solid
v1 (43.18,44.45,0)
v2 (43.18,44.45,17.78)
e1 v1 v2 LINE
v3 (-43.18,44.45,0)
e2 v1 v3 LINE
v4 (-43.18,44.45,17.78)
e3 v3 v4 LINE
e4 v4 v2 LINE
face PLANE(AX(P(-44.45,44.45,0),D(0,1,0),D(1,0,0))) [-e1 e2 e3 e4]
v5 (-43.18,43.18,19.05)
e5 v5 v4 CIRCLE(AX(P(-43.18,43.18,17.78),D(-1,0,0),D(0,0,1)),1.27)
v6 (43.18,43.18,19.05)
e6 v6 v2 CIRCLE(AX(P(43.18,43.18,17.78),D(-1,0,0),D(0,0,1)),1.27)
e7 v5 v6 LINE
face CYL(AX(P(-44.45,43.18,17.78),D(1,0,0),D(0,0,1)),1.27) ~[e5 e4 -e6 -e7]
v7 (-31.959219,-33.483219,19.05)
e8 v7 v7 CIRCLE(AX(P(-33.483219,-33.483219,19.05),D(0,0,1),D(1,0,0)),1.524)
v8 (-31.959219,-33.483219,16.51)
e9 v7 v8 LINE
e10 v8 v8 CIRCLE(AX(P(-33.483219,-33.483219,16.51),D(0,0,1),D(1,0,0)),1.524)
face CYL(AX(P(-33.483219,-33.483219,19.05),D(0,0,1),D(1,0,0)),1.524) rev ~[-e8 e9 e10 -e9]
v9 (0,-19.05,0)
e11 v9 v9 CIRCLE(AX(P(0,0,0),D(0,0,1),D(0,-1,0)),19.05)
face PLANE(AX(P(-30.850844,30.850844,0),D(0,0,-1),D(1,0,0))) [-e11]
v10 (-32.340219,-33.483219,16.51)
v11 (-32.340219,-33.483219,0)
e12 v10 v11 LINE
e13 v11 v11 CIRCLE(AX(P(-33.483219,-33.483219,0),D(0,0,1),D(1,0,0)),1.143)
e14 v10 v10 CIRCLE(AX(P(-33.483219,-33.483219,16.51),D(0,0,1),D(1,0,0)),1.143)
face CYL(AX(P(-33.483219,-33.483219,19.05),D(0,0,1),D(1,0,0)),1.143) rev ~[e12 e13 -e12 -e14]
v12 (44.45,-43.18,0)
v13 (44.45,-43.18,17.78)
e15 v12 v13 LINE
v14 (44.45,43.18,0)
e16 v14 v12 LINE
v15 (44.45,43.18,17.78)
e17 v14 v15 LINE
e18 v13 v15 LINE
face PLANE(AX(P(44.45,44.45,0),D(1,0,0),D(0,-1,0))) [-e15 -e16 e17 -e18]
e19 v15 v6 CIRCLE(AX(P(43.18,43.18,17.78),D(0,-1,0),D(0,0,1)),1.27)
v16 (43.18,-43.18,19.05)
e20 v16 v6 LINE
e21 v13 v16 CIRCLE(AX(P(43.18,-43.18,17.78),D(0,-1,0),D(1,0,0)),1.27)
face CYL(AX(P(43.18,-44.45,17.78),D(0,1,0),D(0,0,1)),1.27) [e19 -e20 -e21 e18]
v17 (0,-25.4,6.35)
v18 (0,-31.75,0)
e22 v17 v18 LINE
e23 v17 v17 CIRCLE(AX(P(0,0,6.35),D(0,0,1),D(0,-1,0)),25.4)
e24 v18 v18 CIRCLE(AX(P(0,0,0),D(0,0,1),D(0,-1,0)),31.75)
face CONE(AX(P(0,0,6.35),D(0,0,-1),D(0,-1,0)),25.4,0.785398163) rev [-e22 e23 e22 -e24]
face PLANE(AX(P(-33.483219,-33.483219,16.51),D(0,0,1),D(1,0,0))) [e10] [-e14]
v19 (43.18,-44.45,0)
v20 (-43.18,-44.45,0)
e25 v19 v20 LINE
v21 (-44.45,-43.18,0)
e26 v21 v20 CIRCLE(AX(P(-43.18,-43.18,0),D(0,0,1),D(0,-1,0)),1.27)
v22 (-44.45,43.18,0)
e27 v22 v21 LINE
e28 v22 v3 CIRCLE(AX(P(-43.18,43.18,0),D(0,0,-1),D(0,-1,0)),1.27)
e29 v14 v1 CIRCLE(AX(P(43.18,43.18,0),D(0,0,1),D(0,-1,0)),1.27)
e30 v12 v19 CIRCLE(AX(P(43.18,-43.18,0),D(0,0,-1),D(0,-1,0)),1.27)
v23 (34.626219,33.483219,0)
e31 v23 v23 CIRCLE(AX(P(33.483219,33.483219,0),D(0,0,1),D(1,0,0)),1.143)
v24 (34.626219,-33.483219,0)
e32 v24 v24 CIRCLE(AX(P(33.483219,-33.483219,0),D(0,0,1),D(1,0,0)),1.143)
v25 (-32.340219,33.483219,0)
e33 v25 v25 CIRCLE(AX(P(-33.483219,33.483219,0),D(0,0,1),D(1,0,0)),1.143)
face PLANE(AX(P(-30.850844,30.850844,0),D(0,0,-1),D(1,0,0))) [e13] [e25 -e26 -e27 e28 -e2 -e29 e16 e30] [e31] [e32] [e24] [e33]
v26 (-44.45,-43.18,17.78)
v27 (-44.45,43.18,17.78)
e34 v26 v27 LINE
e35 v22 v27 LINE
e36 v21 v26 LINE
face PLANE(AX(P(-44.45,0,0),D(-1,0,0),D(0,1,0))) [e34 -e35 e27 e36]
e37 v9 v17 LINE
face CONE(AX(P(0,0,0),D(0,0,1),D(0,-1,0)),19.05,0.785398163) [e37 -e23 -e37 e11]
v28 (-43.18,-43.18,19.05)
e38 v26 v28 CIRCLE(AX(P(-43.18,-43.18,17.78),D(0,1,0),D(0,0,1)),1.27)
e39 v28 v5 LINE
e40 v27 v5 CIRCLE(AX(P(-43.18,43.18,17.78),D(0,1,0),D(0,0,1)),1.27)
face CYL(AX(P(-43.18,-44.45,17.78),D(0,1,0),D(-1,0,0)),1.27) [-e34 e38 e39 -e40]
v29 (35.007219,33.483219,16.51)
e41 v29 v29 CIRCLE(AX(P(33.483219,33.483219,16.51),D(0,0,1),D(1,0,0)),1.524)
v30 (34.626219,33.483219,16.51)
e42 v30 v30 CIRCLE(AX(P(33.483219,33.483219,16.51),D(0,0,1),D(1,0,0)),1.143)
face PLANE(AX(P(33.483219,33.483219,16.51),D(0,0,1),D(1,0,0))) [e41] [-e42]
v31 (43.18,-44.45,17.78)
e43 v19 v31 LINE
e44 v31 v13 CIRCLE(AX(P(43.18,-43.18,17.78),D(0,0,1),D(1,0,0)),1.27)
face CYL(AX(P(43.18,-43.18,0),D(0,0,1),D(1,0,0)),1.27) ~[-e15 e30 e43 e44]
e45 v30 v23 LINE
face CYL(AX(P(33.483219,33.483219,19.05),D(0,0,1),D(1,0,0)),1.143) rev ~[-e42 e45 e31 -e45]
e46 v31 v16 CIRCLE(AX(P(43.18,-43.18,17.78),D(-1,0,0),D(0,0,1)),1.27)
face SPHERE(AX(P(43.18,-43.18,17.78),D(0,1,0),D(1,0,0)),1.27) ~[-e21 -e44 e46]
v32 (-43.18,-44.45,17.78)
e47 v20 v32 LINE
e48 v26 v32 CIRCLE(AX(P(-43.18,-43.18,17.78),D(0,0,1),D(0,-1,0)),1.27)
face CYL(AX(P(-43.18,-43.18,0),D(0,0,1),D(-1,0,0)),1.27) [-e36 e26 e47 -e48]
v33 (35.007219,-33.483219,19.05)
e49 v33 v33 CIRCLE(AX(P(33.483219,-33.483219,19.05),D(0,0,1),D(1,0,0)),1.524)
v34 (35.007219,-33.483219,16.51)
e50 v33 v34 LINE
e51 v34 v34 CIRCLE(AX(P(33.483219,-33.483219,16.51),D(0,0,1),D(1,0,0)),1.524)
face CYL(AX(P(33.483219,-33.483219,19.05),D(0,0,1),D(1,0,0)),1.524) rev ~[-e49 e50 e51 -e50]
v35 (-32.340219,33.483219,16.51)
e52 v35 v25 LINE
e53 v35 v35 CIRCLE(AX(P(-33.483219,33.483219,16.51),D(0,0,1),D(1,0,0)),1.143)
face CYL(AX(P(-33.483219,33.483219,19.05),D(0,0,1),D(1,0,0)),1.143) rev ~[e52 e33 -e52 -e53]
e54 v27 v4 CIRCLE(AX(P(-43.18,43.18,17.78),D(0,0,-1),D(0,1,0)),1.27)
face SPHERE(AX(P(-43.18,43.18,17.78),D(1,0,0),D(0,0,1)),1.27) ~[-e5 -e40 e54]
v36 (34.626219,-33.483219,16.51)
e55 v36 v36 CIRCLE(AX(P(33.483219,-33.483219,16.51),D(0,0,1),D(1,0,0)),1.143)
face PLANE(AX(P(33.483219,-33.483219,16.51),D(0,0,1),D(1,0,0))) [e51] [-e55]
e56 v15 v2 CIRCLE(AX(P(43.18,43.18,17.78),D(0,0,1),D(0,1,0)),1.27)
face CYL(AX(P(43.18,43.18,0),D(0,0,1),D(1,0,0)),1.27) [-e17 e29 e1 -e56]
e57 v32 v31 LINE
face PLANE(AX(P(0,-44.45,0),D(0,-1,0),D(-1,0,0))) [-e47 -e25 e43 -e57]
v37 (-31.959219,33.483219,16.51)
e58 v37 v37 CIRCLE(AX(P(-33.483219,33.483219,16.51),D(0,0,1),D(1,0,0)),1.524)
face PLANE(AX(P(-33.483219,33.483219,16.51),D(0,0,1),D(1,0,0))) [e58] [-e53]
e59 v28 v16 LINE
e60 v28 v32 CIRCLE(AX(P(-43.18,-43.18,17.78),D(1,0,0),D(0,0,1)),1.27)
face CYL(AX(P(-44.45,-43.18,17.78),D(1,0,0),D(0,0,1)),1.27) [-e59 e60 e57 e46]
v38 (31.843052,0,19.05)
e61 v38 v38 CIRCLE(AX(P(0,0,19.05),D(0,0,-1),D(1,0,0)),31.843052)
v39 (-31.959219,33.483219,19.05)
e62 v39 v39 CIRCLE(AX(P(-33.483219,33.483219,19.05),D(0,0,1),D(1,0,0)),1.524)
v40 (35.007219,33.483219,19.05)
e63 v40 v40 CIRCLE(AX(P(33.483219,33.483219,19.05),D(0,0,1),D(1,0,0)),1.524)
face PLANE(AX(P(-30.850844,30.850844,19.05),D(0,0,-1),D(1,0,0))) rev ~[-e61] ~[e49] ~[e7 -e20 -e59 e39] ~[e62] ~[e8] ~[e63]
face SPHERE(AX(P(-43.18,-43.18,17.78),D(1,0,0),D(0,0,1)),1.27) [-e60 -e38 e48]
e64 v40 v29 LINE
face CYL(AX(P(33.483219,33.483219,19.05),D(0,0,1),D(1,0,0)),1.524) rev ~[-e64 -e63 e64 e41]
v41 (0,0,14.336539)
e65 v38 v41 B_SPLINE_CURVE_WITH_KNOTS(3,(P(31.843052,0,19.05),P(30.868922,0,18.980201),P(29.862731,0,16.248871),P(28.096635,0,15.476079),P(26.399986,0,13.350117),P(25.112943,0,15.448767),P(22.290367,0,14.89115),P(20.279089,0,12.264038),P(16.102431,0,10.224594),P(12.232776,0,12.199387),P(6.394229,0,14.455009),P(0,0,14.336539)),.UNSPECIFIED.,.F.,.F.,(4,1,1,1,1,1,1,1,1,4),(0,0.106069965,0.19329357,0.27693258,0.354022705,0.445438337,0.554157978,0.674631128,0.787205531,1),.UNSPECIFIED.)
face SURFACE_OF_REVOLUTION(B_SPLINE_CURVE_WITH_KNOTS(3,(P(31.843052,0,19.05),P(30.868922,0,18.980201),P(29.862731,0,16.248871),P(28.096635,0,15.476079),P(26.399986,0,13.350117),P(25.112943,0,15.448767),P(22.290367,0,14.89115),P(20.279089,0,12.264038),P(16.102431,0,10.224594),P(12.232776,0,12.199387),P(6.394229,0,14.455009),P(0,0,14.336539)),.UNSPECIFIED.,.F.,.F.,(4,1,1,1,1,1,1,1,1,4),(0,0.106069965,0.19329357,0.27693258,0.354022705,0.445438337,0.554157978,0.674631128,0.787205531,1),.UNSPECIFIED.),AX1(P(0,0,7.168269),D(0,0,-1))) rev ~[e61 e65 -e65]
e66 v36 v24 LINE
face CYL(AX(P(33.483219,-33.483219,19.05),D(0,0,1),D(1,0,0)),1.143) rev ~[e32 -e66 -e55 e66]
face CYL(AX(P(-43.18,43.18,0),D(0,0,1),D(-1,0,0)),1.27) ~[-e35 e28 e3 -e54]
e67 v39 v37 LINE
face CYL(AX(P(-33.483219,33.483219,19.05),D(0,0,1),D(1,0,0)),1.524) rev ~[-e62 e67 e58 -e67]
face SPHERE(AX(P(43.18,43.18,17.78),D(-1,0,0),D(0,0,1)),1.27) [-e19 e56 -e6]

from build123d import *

# Parameters (mm, degrees)
F3_DEPTH = 19.05
F4_R     = 1.27
F5_R     = 1.143
F6_DEPTH = 19.051
F5_R_2   = 1.524
F7_DEPTH = 2.54


with BuildPart() as f1:
    # F0 (on Front) → F1 (revolve)
    with BuildSketch(Plane.XZ):
        with BuildLine():
            Line((44.45, 0), (44.45, 19.05))
            Line((44.45, 19.05), (32.5831812388, 19.05))
            Line((32.5831812388, 19.05), (31.8430524831, 19.05))
            add(Edge.make_bspline(
                [(31.8430524831, 19.05), (30.8689221212, 18.9802011565), (29.8627306323, 16.2488706166), (28.0966354441, 15.4760789224), (26.3999857389, 13.3501170166), (25.1129431354, 15.4487673344), (22.290366868, 14.8911495391), (20.2790890798, 12.2640383952), (16.1024312734, 10.2245936819), (12.2327761722, 12.1993870362), (6.3942289854, 14.4550088103), (0, 14.3365386442)],
                knots=[0, 0, 0, 0, 0.1060699652, 0.1932935704, 0.2769325799, 0.3540227049, 0.4454383371, 0.554157978, 0.6746311283, 0.787205531, 1, 1, 1, 1], degree=3))
            Line((0, 14.3365386442), (0, 0))
            Line((0, 0), (44.45, 0))
        make_face()
    revolve(axis=Axis((0, 0, 7.1682693221), (0, 0, -1)))

    # F2 (on face) → F3 (join, through all)
    with BuildSketch(Plane(origin=(0, 0, 0), x_dir=(1, 0, 0), z_dir=(0, 0, -1))):
        with BuildLine():
            ThreePointArc((0, -44.45), (-31.4308964559, -31.4308963916), (-44.45, 9.1e-08))
            Line((-44.45, 9.1e-08), (-44.45, -44.45))
            Line((-44.45, -44.45), (0, -44.45))
        make_face()
        with BuildLine():
            Line((44.45, -44.45), (44.45, 0))
            ThreePointArc((44.45, 0), (31.4308964237, -31.4308964237), (0, -44.45))
            Line((0, -44.45), (44.45, -44.45))
        make_face()
        with BuildLine():
            Line((44.45, 44.45), (0, 44.45))
            ThreePointArc((0, 44.45), (31.4308964237, 31.4308964237), (44.45, 0))
            Line((44.45, 0), (44.45, 44.45))
        make_face()
        with BuildLine():
            ThreePointArc((-44.45, 9.1e-08), (-31.4308963916, 31.4308964559), (0, 44.45))
            Line((0, 44.45), (-44.45, 44.45))
            Line((-44.45, 44.45), (-44.45, 9.1e-08))
        make_face()
    extrude(amount=-F3_DEPTH)

    # F4
    f4_edges = [f1.edges().sort_by_distance(p)[0] for p in [
        (0, 44.45, 19.05),
        (44.45, 0, 19.05),
        (44.45, 44.45, 9.525),
        (44.45, -44.45, 9.525),
        (0, -44.45, 19.05),
        (-44.45, 0, 19.05),
        (-44.45, 44.45, 9.525),
        (-44.45, -44.45, 9.525),
    ]]
    fillet(f4_edges, radius=F4_R)

    # F5 (on face) → F6 (cut, through all)
    with BuildSketch(Plane.XY.offset(19.05)):
        with Locations((-33.4832191722, 33.4832191722)):
            Circle(F5_R)
        with Locations((-33.4832191722, -33.4832191722)):
            Circle(F5_R)
        with Locations((33.4832191722, -33.4832191722)):
            Circle(F5_R)
        with Locations((33.4832191722, 33.4832191722)):
            Circle(F5_R)
    extrude(amount=-F6_DEPTH, mode=Mode.SUBTRACT)

    # F5 (on face) → F7 (cut)
    with BuildSketch(Plane.XY.offset(19.05)):
        with Locations((-33.4832191722, 33.4832191722)):
            Circle(F5_R_2)
        with Locations((-33.4832191722, 33.4832191722)):
            Circle(F5_R, mode=Mode.SUBTRACT)
        with Locations((33.4832191722, 33.4832191722)):
            Circle(F5_R_2)
        with Locations((33.4832191722, 33.4832191722)):
            Circle(F5_R, mode=Mode.SUBTRACT)
        with Locations((33.4832191722, -33.4832191722)):
            Circle(F5_R_2)
        with Locations((33.4832191722, -33.4832191722)):
            Circle(F5_R, mode=Mode.SUBTRACT)
        with Locations((-33.4832191722, -33.4832191722)):
            Circle(F5_R_2)
        with Locations((-33.4832191722, -33.4832191722)):
            Circle(F5_R, mode=Mode.SUBTRACT)
    extrude(amount=-F7_DEPTH, mode=Mode.SUBTRACT)

    # F8 (on Right) → F9 (revolve, cut)
    with BuildSketch(Plane.YZ):
        Polygon((-31.75, 0), (-25.4, 0), (-19.05, 0), (-25.4, 6.35), align=None)
    revolve(axis=Axis((0, 0, 3.175), (0, 0, 1)), mode=Mode.SUBTRACT)


solid = f1.part
